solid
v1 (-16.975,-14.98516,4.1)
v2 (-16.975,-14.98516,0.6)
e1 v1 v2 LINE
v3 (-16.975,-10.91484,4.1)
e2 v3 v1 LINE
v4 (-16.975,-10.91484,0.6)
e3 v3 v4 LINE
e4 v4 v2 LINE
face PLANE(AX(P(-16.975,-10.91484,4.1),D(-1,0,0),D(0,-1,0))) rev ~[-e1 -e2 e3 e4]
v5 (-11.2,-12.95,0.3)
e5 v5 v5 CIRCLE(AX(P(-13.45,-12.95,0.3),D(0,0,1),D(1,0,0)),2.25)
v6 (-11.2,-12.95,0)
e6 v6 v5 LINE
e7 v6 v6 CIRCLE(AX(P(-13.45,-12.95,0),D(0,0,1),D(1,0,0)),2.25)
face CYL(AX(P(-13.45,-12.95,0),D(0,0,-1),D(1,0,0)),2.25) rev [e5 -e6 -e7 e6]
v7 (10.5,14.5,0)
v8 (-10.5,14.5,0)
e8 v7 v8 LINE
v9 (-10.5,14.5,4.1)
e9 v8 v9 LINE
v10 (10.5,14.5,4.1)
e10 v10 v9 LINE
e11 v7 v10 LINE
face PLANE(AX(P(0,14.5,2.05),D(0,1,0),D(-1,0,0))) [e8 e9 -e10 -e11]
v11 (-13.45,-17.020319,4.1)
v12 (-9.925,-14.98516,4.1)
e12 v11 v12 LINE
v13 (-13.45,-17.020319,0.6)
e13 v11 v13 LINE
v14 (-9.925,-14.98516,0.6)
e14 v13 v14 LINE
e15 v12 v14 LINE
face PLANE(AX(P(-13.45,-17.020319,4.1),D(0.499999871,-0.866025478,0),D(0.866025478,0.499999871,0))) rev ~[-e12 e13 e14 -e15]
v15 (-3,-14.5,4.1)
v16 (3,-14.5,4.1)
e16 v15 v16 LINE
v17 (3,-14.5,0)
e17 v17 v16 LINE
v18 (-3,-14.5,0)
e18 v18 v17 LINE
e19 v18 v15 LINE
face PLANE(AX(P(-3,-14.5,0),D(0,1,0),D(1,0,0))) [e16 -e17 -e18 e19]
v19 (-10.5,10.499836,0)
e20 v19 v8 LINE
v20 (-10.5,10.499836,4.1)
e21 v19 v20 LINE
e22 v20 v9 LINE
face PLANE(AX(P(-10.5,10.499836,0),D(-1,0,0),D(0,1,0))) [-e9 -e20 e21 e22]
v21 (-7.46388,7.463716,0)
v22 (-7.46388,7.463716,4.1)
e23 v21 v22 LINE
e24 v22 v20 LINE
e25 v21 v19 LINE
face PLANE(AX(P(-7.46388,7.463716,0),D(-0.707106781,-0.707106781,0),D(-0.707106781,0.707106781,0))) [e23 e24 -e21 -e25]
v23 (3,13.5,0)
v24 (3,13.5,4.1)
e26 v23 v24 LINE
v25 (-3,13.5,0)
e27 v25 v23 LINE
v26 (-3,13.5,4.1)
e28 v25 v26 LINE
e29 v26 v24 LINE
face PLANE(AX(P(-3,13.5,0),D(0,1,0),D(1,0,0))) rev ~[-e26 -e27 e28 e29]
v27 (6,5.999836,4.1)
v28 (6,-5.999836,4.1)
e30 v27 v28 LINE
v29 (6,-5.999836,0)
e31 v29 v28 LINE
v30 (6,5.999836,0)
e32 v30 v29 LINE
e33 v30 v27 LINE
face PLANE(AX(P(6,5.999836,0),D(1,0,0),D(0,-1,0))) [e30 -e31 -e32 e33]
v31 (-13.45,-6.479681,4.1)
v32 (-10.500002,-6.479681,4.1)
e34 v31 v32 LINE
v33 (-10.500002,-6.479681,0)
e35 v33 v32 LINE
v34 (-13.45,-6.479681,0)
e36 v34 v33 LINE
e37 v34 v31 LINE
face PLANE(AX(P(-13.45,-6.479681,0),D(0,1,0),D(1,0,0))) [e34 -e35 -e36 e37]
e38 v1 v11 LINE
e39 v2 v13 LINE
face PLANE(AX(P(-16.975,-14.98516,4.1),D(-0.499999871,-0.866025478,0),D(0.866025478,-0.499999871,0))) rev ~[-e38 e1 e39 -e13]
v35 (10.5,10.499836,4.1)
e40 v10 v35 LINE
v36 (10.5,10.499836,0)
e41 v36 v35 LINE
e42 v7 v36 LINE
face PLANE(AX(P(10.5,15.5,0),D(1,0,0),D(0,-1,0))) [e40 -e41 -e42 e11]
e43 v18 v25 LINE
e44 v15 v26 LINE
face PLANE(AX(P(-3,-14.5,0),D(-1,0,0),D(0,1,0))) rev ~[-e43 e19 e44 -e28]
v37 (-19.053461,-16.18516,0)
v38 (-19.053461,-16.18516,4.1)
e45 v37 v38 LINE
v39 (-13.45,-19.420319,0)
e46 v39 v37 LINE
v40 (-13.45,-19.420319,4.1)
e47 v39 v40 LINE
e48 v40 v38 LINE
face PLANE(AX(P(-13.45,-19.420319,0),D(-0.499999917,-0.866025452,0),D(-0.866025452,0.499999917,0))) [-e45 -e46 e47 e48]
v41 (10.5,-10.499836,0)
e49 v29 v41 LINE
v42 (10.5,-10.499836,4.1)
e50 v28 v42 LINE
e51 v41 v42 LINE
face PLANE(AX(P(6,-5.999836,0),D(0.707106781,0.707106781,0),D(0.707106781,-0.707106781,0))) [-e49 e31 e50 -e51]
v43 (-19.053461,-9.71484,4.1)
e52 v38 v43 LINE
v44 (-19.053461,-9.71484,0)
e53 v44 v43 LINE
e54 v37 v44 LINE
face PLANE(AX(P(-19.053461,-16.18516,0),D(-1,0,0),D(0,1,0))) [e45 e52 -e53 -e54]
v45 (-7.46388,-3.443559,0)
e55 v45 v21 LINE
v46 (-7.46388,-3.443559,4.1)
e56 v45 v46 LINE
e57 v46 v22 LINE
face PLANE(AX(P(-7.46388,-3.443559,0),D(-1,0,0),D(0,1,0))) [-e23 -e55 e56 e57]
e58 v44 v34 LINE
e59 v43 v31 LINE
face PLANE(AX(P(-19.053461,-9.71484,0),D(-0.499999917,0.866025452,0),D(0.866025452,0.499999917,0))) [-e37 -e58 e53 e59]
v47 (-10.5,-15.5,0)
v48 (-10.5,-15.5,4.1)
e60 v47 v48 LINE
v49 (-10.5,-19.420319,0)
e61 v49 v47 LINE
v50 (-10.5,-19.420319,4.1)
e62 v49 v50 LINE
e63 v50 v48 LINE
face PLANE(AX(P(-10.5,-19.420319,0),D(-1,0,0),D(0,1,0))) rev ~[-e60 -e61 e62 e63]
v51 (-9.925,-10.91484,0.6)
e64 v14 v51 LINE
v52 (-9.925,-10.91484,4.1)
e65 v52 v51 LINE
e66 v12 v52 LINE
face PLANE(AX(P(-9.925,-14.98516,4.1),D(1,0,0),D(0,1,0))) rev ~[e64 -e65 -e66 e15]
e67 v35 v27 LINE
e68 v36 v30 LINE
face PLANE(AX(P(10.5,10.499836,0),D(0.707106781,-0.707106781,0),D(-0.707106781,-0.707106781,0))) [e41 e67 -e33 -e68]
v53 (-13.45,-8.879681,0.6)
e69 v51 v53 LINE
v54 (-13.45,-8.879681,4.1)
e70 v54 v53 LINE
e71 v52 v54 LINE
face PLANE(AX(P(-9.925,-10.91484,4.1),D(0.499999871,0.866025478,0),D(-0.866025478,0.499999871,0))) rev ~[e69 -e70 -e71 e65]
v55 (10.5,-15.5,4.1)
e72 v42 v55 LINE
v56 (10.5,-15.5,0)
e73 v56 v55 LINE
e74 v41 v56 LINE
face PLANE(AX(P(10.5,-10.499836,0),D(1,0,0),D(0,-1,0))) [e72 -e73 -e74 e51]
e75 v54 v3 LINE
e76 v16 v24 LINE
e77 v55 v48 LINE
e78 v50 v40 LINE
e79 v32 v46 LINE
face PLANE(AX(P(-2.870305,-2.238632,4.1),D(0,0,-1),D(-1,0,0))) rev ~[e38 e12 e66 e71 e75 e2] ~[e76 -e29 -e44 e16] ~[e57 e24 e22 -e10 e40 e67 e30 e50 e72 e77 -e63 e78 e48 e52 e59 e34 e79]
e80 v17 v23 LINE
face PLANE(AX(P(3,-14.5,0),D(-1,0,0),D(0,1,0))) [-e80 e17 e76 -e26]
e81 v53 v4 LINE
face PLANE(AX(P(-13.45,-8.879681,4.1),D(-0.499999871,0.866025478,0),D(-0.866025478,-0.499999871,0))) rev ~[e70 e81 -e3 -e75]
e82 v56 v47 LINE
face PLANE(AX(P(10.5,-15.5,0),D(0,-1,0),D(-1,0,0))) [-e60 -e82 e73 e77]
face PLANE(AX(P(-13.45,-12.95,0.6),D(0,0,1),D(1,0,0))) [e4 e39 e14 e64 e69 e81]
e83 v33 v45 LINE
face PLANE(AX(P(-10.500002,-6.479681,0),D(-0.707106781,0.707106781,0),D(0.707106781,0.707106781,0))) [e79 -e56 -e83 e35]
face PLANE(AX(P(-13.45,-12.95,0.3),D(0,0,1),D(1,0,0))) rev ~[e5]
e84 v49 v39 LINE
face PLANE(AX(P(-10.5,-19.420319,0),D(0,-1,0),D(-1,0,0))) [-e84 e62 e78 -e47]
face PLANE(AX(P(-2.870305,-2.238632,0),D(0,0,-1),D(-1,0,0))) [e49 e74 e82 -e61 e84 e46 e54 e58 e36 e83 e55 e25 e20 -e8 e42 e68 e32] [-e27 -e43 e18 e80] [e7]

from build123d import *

# Parameters (mm, degrees)
SKETCH_R        = 2.25
SKETCH_W        = 6
SKETCH_H        = 28
PAD_DEPTH       = 4.1
POCKET_DEPTH    = 3.5
SKETCH003_W     = 21
SKETCH003_H     = 4.1
POCKET001_DEPTH = 1
SKETCH002_R     = 2.25
PAD001_DEPTH    = 0.3


with BuildPart() as part:
    # Sketch → Pad (new body)
    with BuildSketch(Plane.XY):
        Polygon((-10.5, 15.5), (10.5, 15.5), (10.5, 10.499836), (6, 5.999836), (6, -5.999836), (10.5, -10.499836), (10.5, -15.5), (-10.5, -15.5), (-10.5, -17.717136), (-10.5, -19.420319), (-13.45, -19.420319), (-19.053461, -16.18516), (-19.053461, -9.71484), (-13.45, -6.479681), (-10.500002, -6.479681), (-7.46388, -3.443559), (-7.46388, 7.463716), (-10.5, 10.499836), align=None)
        with Locations((-13.45, -12.95)):
            Circle(SKETCH_R, mode=Mode.SUBTRACT)
        with Locations((0, -0.5)):
            Rectangle(SKETCH_W, SKETCH_H, mode=Mode.SUBTRACT)
    extrude(amount=PAD_DEPTH)

    # Sketch001 → Pocket (cut)
    with BuildSketch(Plane.XY.offset(4.1)):
        Polygon((-13.45, -17.020319), (-9.925, -14.98516), (-9.925, -10.91484), (-13.45, -8.879681), (-16.975, -10.91484), (-16.975, -14.98516), align=None)
    extrude(amount=-POCKET_DEPTH, mode=Mode.SUBTRACT)

    # Sketch003 → Pocket001 (cut)
    with BuildSketch(Plane(origin=(0, 15.5, 0), x_dir=(-1, 0, 0), z_dir=(0, 1, 0))):
        with Locations((0, 2.05)):
            Rectangle(SKETCH003_W, SKETCH003_H)
    extrude(amount=-POCKET001_DEPTH, mode=Mode.SUBTRACT)

    # Sketch002 → Pad001 (new body)
    with BuildSketch(Plane.XY.offset(0.6)):
        with Locations((-13.45, -12.95)):
            Circle(SKETCH002_R)
    extrude(amount=-PAD001_DEPTH)


solid = part.part
